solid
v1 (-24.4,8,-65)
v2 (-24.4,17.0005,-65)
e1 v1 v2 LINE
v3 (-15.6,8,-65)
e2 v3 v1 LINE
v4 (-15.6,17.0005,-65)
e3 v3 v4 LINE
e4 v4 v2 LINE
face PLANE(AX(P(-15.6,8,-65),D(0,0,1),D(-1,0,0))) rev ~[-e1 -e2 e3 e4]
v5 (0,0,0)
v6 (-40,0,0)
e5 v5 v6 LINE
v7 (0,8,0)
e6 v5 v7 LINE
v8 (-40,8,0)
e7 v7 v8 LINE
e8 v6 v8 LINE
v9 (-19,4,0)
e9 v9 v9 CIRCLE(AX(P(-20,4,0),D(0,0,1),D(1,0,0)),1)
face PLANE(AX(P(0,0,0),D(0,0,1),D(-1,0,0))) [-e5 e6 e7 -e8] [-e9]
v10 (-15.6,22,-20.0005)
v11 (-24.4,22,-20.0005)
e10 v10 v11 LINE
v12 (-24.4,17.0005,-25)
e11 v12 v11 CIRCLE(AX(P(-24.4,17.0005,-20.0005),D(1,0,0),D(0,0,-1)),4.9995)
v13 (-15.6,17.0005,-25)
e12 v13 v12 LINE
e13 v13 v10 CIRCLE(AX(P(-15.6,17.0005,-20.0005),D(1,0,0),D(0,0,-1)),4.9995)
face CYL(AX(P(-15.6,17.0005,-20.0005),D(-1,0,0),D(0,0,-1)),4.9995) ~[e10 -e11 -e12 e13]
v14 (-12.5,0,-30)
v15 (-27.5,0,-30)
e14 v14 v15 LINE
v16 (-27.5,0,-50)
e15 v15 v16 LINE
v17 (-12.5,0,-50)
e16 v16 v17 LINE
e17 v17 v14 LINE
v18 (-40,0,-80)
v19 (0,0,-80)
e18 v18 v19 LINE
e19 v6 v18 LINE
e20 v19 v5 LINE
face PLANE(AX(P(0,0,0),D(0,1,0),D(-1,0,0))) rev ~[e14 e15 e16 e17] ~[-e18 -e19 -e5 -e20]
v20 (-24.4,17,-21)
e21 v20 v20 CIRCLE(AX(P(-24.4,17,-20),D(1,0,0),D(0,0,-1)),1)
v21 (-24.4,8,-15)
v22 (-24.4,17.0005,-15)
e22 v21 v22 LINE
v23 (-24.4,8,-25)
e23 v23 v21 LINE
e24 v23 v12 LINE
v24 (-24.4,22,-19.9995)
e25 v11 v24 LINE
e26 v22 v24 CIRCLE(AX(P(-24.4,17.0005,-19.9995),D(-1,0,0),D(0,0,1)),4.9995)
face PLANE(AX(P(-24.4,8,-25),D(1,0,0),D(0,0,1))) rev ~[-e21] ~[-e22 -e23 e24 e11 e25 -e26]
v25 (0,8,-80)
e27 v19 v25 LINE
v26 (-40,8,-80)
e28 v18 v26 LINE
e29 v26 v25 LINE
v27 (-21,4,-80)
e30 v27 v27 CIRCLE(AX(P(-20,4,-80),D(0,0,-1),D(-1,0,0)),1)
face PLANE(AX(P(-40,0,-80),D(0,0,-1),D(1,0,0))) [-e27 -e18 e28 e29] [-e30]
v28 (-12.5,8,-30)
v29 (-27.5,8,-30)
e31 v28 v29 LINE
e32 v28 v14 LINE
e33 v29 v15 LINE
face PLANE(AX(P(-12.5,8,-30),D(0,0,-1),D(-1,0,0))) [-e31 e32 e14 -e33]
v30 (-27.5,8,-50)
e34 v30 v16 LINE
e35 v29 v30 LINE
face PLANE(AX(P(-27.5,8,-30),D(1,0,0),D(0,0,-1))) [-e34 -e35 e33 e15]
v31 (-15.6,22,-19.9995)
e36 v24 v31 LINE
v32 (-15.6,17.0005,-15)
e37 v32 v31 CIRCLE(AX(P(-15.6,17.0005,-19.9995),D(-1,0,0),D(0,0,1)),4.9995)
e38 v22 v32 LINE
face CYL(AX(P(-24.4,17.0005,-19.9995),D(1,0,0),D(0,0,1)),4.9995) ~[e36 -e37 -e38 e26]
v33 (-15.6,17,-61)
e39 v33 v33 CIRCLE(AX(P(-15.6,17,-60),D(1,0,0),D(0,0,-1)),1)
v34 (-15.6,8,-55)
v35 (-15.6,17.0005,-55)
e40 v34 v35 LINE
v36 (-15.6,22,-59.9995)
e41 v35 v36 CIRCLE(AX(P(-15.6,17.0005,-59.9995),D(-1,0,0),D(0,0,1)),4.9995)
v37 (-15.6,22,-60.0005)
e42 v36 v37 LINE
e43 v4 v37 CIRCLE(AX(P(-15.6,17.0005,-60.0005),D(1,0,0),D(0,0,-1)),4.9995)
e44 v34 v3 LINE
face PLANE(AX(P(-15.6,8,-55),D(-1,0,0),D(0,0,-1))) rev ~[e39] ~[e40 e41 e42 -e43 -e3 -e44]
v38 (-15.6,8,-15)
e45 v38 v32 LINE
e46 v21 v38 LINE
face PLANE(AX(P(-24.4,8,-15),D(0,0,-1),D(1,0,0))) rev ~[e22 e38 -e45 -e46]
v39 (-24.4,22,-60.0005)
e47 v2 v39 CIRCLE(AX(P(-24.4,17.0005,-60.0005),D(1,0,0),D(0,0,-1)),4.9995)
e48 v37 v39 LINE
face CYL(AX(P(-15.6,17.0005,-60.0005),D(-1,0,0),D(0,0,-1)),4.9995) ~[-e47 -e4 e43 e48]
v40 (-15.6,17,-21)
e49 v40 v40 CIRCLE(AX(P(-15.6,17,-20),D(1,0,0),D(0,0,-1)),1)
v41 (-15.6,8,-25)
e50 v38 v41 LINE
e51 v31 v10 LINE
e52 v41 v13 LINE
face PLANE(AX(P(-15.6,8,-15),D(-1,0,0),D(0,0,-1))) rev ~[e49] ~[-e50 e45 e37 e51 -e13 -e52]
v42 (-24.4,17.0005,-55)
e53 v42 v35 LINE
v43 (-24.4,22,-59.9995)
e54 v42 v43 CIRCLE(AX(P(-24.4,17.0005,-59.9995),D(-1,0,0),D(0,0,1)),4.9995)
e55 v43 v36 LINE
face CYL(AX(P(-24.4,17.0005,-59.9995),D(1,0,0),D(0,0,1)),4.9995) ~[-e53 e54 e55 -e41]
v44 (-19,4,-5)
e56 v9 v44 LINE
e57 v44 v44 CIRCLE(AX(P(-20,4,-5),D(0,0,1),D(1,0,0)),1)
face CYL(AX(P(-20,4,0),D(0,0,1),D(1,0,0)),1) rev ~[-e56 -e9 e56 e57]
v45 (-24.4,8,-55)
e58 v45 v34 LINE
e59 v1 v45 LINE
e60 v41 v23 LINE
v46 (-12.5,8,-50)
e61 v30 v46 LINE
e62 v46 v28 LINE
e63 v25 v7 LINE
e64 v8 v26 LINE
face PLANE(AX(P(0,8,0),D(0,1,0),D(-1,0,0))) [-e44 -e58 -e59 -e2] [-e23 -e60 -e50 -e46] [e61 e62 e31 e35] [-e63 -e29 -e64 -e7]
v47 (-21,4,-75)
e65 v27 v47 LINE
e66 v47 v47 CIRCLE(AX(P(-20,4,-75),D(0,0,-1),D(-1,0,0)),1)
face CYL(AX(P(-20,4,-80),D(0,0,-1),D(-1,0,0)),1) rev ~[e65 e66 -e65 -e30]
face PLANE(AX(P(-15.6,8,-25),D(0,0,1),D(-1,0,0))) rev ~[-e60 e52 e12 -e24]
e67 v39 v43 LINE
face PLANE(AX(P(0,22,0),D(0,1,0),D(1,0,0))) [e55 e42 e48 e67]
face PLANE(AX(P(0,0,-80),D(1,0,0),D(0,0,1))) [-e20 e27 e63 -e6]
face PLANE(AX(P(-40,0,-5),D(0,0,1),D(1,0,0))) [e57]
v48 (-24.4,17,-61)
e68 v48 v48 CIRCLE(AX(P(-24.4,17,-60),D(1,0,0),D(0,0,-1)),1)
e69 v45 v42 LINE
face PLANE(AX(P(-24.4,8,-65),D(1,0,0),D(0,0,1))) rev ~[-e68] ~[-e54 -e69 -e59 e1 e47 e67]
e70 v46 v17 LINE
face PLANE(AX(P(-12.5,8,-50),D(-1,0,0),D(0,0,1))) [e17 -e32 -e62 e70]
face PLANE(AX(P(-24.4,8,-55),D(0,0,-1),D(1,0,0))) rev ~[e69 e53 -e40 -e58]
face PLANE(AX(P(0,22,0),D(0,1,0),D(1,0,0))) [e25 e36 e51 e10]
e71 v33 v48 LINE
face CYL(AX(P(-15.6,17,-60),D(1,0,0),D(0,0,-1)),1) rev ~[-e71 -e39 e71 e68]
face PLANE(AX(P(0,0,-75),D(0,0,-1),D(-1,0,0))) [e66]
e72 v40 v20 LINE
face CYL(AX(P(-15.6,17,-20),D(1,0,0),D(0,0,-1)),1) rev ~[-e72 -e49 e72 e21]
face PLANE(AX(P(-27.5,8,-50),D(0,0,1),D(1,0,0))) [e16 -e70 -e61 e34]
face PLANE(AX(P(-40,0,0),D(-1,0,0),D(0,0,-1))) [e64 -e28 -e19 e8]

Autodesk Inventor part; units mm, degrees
ref_plane "YZ Plane" through (0, 0, 0) normal (1, 0, 0) x (0, 1, 0)
ref_plane "XZ Plane" through (0, 0, 0) normal (0, 1, 0) x (-1, 0, 0)
ref_plane "XY Plane" through (0, 0, 0) normal (0, 0, 1) x (1, 0, 0)
sketch "Sketch1" plane through (0, 0, 0) normal (0, 1, 0) x (-1, 0, 0)
  line L0 (0, 0) -> (40, 0)
  line L1 (40, 0) -> (40, -80)
  line L2 (40, -80) -> (0, -80)
  line L3 (0, -80) -> (0, 0)
  dimension "d0" = 40
  dimension "d1" = 80
extrude "Extrusion1" add sketch "Sketch1" along normal blind 8
sketch "Sketch2" plane through (0, 8, 0) normal (0, 1, 0) x (1, 0, 0)
  line L0 (-24.4, 15) -> (-15.6, 15)
  line L1 (-15.6, 15) -> (-15.6, 25)
  line L2 (-15.6, 25) -> (-24.4, 25)
  line L3 (-24.4, 25) -> (-24.4, 15)
  line L4 (-40, 0) -> (0, 0) projected
  line L5 (-24.4, 55) -> (-15.6, 55)
  line L6 (-15.6, 55) -> (-15.6, 65)
  line L7 (-15.6, 65) -> (-24.4, 65)
  line L8 (-24.4, 65) -> (-24.4, 55)
  line L9 (-20, 25) -> (-20, 55) construction
  line L10 (-40, 80) -> (-40, 0) construction
  point P0 (-20, 15)
  point P1 (-20, 0)
  point P2 (-20, 40)
  point P3 (-40, 40)
  dimension "d4" = 8.8
  dimension "d5" = 10
  dimension "d6" = 10
  dimension "d7" = 8.8
  dimension "d8" = 30
extrude "Extrusion2" add sketch "Sketch2" along normal blind 14
fillet "Fillet1" radius 5 4 edges at (-20, 22, -15) (-20, 22, -25) (-20, 22, -55) (-20, 22, -65)
sketch "Sketch3" plane through (-15.6, 8, -15) normal (1, 0, 0) x (0, 0, -1)
  arc A0 (10, 9) -> (0, 9) centre (5, 9) ccw projected
  circle A1 centre (5, 9) radius 1
  arc A2 (50, 9) -> (40, 9) centre (45, 9) ccw projected
  circle A3 centre (45, 9) radius 1
  point P0 (-15, -8)
  dimension "d12" = 2
  dimension "d13" = 2
extrude "Extrusion3" cut sketch "Sketch3" against normal blind 14
sketch "Sketch4" plane through (-40, 0, 0) normal (0, 0, 1) x (1, 0, 0)
  circle A0 centre (20, 4) radius 1
  line L0 (40, 0) -> (40, 8) projected
  line L1 (0, 8) -> (40, 8) projected
  point P0 (40, 4)
  point P1 (20, 8)
  dimension "d16" = 2
extrude "Extrusion4" cut sketch "Sketch4" against normal blind 5
sketch "Sketch5" plane through (0, 0, -80) normal (0, 0, -1) x (-1, 0, 0)
  circle A0 centre (20, 4) radius 1 projected
  point P0 (0, 0)
extrude "Extrusion5" cut sketch "Sketch5" against normal blind 5
sketch "Sketch6" plane through (0, 8, 0) normal (0, 1, 0) x (1, 0, 0)
  line L0 (-27.5, 50) -> (-12.5, 50)
  line L1 (-12.5, 50) -> (-12.5, 30)
  line L2 (-12.5, 30) -> (-27.5, 30)
  line L3 (-27.5, 30) -> (-27.5, 50)
  line L4 (-40, 80) -> (-40, 0) projected
  line L5 (-40, 0) -> (0, 0) projected
  point P0 (-12.5, 40)
  point P1 (-40, 40)
  point P2 (-20, 50)
  point P3 (-20, 0)
  dimension "d21" = 20
  dimension "d22" = 15
extrude "Extrusion6" cut sketch "Sketch6" against normal up to surface (8 mm away)
properties part number "basePlate"
